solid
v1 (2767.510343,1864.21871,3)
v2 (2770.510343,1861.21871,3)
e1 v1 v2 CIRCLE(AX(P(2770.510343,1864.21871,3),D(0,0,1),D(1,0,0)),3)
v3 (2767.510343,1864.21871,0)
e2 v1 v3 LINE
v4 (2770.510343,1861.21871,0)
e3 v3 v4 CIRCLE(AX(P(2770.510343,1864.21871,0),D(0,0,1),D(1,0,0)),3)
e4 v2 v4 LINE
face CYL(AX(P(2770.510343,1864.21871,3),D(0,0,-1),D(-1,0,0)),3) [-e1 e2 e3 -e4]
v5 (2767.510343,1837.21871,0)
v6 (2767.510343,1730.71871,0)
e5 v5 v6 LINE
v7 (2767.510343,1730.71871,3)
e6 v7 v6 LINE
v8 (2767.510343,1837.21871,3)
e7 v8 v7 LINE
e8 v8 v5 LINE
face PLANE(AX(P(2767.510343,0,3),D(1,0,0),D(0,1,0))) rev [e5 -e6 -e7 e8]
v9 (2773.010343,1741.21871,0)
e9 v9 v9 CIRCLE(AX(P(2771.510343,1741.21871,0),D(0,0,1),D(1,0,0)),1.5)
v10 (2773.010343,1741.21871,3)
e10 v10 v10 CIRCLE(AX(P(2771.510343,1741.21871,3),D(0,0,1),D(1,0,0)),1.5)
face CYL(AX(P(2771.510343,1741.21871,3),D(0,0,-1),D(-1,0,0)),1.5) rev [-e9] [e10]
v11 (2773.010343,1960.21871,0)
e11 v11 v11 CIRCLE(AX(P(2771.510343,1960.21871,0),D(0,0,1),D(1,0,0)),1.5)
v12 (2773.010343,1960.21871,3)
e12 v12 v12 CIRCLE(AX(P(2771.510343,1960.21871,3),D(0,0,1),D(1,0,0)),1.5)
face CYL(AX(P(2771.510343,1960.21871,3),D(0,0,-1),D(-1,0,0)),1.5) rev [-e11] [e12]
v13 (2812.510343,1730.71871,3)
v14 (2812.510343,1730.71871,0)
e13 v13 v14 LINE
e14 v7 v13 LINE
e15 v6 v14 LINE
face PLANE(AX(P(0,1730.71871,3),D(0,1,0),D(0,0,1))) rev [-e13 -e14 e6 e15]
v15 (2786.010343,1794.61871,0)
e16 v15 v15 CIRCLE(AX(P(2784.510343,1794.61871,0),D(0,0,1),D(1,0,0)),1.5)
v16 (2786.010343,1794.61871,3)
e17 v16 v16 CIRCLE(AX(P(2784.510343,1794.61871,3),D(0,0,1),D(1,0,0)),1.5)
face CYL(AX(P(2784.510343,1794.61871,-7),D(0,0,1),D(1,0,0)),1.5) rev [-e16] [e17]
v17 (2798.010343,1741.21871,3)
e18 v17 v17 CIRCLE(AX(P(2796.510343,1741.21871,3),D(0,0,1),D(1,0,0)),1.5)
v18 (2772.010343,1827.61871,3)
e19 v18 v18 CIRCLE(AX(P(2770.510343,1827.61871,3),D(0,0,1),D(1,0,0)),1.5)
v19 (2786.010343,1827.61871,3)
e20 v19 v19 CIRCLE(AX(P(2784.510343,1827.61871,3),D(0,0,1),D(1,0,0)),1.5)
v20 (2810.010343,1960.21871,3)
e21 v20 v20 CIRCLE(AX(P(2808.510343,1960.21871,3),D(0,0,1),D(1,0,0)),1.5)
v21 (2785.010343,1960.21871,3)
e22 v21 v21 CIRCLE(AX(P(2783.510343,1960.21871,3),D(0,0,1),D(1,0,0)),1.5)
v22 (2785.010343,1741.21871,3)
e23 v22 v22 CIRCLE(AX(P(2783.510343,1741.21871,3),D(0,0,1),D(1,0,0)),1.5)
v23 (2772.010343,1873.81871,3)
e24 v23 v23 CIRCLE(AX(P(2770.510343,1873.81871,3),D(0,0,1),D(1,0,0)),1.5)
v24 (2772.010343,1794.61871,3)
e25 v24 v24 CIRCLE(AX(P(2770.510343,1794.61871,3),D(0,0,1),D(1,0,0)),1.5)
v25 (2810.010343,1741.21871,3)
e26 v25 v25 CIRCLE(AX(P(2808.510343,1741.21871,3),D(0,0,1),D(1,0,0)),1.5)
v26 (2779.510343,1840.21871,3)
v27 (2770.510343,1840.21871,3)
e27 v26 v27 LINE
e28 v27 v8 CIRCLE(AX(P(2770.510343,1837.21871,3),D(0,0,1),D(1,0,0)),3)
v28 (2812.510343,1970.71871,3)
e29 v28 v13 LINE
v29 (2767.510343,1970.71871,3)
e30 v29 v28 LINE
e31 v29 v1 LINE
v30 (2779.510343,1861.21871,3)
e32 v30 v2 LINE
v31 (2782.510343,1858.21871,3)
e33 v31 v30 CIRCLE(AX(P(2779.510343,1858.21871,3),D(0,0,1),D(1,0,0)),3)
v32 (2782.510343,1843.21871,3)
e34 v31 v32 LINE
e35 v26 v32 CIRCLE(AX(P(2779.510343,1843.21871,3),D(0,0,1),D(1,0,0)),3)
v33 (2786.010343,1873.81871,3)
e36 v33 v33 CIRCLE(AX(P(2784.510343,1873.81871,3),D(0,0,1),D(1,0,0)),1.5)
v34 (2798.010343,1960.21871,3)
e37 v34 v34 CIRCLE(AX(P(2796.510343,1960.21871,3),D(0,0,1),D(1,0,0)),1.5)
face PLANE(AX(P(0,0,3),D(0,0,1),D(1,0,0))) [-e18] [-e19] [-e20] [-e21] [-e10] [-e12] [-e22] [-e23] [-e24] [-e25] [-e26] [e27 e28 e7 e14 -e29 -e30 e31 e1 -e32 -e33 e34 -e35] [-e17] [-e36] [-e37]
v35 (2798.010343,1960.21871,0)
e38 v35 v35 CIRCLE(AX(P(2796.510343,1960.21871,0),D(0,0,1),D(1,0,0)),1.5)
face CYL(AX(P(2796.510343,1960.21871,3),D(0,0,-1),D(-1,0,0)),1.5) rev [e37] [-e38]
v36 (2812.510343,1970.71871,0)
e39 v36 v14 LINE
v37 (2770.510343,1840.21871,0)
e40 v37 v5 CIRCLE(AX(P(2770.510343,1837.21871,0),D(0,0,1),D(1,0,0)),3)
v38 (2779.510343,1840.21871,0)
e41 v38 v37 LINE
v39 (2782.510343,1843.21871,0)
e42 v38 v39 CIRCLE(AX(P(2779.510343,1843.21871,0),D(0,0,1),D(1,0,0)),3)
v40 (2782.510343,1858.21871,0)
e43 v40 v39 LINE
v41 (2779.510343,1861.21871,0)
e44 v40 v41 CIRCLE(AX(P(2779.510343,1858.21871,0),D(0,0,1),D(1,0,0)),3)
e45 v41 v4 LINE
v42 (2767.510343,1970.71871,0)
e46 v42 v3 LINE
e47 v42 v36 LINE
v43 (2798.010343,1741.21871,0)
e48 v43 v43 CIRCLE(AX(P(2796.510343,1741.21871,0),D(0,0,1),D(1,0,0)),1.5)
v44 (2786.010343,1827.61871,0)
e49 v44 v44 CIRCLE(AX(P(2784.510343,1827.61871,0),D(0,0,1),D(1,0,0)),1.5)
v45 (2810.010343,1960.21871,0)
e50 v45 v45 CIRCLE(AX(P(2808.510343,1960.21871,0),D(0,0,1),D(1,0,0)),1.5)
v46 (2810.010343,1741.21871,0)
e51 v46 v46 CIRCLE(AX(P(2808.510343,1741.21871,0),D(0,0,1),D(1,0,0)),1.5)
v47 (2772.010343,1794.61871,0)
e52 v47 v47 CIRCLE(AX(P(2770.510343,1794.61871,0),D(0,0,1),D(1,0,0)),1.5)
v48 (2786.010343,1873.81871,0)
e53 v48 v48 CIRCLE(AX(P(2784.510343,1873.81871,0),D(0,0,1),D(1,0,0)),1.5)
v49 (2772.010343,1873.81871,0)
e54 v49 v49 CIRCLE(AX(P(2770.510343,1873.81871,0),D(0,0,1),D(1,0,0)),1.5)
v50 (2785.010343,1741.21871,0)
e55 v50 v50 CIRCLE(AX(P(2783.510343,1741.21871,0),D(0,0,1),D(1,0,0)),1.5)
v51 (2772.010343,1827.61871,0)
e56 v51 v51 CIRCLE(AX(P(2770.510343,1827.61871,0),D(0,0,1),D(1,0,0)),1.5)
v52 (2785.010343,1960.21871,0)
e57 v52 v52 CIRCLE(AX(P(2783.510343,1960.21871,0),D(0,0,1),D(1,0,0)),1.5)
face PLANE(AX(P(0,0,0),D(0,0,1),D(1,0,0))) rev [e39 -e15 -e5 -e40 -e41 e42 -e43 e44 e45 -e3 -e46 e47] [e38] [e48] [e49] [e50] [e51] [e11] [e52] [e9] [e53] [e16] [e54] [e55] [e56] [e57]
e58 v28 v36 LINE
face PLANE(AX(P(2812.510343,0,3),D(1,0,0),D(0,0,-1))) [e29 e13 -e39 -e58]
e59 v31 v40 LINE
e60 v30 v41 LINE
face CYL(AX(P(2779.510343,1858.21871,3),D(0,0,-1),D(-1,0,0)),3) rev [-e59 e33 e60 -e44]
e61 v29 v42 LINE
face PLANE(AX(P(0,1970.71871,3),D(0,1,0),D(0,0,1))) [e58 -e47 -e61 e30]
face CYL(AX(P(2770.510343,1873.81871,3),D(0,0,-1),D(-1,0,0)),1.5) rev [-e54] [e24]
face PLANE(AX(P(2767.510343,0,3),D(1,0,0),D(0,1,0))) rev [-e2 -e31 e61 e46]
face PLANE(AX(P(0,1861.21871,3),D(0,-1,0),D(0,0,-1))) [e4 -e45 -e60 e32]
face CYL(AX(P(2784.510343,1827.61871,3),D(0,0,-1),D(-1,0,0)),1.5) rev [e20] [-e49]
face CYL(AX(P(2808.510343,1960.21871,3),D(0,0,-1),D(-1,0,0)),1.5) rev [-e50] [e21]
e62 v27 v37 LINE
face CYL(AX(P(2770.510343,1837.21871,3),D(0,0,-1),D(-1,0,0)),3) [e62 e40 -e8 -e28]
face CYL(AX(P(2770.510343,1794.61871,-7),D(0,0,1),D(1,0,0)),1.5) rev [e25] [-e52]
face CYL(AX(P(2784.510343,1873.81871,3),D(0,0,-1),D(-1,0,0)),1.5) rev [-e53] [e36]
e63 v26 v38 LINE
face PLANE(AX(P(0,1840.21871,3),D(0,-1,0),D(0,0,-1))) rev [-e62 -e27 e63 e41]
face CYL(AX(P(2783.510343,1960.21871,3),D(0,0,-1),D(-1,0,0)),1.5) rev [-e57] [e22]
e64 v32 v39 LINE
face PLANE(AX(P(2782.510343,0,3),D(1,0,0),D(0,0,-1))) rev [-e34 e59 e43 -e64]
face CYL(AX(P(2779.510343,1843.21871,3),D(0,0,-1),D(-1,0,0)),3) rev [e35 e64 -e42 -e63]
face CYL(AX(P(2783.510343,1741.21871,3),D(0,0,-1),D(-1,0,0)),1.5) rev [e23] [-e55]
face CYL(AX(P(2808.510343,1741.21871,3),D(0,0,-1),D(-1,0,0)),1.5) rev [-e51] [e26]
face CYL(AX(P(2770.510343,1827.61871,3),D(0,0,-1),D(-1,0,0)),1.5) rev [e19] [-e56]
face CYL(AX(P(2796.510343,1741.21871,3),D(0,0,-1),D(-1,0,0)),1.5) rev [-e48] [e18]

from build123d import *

# Parameters (mm, degrees)
MODEL_R             = 1.5
EXTRUDE_1_DEPTH     = 3
SKETCH_1_R          = 1.5
CUT_EXTRUDE_1_DEPTH = 10


with BuildPart() as part:
    # Model → 凸台-拉伸1 (new body)
    with BuildSketch(Plane.XY):
        with BuildLine():
            ThreePointArc((2779.510343176, 1861.218710153), (2781.63166352, 1860.340030496), (2782.510343176, 1858.218710153))
            Line((2782.510343176, 1858.218710153), (2782.510343176, 1843.218710153))
            ThreePointArc((2782.510343176, 1843.218710153), (2781.63166352, 1841.097389809), (2779.510343176, 1840.218710153))
            Line((2779.510343176, 1840.218710153), (2770.510343176, 1840.218710153))
            ThreePointArc((2770.510343176, 1840.218710153), (2768.389022832, 1839.340030496), (2767.510343176, 1837.218710153))
            Line((2767.510343176, 1837.218710153), (2767.510343176, 1744.718710153))
            Line((2767.510343176, 1744.718710153), (2767.510343176, 1730.718710153))
            Line((2767.510343176, 1730.718710153), (2787.510343176, 1730.718710153))
            Line((2787.510343176, 1730.718710153), (2792.510343176, 1730.718710153))
            Line((2792.510343176, 1730.718710153), (2812.510343176, 1730.718710153))
            Line((2812.510343176, 1730.718710153), (2812.510343176, 1732.218710153))
            Line((2812.510343176, 1732.218710153), (2812.510343176, 1737.218710153))
            Line((2812.510343176, 1737.218710153), (2812.510343176, 1744.718710153))
            Line((2812.510343176, 1744.718710153), (2812.510343176, 1970.718710153))
            Line((2812.510343176, 1970.718710153), (2767.510343176, 1970.718710153))
            Line((2767.510343176, 1970.718710153), (2767.510343176, 1864.218710153))
            ThreePointArc((2767.510343176, 1864.218710153), (2768.389022832, 1862.097389809), (2770.510343176, 1861.218710153))
            Line((2770.510343176, 1861.218710153), (2779.510343176, 1861.218710153))
        make_face()
        with Locations((2771.510343176, 1741.218710153)):
            Circle(MODEL_R, mode=Mode.SUBTRACT)
        with Locations((2783.510343176, 1741.218710153)):
            Circle(MODEL_R, mode=Mode.SUBTRACT)
        with Locations((2770.510343176, 1827.618710153)):
            Circle(MODEL_R, mode=Mode.SUBTRACT)
        with Locations((2784.510343176, 1827.618710153)):
            Circle(MODEL_R, mode=Mode.SUBTRACT)
        with Locations((2796.510343176, 1741.218710153)):
            Circle(MODEL_R, mode=Mode.SUBTRACT)
        with Locations((2808.510343176, 1741.218710153)):
            Circle(MODEL_R, mode=Mode.SUBTRACT)
        with Locations((2770.510343176, 1873.818710153)):
            Circle(MODEL_R, mode=Mode.SUBTRACT)
        with Locations((2784.510343176, 1873.818710153)):
            Circle(MODEL_R, mode=Mode.SUBTRACT)
        with Locations((2771.510343176, 1960.218710153)):
            Circle(MODEL_R, mode=Mode.SUBTRACT)
        with Locations((2783.510343176, 1960.218710153)):
            Circle(MODEL_R, mode=Mode.SUBTRACT)
        with Locations((2796.510343176, 1960.218710153)):
            Circle(MODEL_R, mode=Mode.SUBTRACT)
        with Locations((2808.510343176, 1960.218710153)):
            Circle(MODEL_R, mode=Mode.SUBTRACT)
    extrude(amount=EXTRUDE_1_DEPTH)

    # 草图1 → 切除-拉伸1 (cut)
    with BuildSketch(Plane.XY.offset(3)):
        with Locations((2770.510343176, 1794.618710153)):
            Circle(SKETCH_1_R)
        with Locations((2784.510343176, 1794.618710153)):
            Circle(SKETCH_1_R)
    extrude(amount=-CUT_EXTRUDE_1_DEPTH, mode=Mode.SUBTRACT)


solid = part.part
